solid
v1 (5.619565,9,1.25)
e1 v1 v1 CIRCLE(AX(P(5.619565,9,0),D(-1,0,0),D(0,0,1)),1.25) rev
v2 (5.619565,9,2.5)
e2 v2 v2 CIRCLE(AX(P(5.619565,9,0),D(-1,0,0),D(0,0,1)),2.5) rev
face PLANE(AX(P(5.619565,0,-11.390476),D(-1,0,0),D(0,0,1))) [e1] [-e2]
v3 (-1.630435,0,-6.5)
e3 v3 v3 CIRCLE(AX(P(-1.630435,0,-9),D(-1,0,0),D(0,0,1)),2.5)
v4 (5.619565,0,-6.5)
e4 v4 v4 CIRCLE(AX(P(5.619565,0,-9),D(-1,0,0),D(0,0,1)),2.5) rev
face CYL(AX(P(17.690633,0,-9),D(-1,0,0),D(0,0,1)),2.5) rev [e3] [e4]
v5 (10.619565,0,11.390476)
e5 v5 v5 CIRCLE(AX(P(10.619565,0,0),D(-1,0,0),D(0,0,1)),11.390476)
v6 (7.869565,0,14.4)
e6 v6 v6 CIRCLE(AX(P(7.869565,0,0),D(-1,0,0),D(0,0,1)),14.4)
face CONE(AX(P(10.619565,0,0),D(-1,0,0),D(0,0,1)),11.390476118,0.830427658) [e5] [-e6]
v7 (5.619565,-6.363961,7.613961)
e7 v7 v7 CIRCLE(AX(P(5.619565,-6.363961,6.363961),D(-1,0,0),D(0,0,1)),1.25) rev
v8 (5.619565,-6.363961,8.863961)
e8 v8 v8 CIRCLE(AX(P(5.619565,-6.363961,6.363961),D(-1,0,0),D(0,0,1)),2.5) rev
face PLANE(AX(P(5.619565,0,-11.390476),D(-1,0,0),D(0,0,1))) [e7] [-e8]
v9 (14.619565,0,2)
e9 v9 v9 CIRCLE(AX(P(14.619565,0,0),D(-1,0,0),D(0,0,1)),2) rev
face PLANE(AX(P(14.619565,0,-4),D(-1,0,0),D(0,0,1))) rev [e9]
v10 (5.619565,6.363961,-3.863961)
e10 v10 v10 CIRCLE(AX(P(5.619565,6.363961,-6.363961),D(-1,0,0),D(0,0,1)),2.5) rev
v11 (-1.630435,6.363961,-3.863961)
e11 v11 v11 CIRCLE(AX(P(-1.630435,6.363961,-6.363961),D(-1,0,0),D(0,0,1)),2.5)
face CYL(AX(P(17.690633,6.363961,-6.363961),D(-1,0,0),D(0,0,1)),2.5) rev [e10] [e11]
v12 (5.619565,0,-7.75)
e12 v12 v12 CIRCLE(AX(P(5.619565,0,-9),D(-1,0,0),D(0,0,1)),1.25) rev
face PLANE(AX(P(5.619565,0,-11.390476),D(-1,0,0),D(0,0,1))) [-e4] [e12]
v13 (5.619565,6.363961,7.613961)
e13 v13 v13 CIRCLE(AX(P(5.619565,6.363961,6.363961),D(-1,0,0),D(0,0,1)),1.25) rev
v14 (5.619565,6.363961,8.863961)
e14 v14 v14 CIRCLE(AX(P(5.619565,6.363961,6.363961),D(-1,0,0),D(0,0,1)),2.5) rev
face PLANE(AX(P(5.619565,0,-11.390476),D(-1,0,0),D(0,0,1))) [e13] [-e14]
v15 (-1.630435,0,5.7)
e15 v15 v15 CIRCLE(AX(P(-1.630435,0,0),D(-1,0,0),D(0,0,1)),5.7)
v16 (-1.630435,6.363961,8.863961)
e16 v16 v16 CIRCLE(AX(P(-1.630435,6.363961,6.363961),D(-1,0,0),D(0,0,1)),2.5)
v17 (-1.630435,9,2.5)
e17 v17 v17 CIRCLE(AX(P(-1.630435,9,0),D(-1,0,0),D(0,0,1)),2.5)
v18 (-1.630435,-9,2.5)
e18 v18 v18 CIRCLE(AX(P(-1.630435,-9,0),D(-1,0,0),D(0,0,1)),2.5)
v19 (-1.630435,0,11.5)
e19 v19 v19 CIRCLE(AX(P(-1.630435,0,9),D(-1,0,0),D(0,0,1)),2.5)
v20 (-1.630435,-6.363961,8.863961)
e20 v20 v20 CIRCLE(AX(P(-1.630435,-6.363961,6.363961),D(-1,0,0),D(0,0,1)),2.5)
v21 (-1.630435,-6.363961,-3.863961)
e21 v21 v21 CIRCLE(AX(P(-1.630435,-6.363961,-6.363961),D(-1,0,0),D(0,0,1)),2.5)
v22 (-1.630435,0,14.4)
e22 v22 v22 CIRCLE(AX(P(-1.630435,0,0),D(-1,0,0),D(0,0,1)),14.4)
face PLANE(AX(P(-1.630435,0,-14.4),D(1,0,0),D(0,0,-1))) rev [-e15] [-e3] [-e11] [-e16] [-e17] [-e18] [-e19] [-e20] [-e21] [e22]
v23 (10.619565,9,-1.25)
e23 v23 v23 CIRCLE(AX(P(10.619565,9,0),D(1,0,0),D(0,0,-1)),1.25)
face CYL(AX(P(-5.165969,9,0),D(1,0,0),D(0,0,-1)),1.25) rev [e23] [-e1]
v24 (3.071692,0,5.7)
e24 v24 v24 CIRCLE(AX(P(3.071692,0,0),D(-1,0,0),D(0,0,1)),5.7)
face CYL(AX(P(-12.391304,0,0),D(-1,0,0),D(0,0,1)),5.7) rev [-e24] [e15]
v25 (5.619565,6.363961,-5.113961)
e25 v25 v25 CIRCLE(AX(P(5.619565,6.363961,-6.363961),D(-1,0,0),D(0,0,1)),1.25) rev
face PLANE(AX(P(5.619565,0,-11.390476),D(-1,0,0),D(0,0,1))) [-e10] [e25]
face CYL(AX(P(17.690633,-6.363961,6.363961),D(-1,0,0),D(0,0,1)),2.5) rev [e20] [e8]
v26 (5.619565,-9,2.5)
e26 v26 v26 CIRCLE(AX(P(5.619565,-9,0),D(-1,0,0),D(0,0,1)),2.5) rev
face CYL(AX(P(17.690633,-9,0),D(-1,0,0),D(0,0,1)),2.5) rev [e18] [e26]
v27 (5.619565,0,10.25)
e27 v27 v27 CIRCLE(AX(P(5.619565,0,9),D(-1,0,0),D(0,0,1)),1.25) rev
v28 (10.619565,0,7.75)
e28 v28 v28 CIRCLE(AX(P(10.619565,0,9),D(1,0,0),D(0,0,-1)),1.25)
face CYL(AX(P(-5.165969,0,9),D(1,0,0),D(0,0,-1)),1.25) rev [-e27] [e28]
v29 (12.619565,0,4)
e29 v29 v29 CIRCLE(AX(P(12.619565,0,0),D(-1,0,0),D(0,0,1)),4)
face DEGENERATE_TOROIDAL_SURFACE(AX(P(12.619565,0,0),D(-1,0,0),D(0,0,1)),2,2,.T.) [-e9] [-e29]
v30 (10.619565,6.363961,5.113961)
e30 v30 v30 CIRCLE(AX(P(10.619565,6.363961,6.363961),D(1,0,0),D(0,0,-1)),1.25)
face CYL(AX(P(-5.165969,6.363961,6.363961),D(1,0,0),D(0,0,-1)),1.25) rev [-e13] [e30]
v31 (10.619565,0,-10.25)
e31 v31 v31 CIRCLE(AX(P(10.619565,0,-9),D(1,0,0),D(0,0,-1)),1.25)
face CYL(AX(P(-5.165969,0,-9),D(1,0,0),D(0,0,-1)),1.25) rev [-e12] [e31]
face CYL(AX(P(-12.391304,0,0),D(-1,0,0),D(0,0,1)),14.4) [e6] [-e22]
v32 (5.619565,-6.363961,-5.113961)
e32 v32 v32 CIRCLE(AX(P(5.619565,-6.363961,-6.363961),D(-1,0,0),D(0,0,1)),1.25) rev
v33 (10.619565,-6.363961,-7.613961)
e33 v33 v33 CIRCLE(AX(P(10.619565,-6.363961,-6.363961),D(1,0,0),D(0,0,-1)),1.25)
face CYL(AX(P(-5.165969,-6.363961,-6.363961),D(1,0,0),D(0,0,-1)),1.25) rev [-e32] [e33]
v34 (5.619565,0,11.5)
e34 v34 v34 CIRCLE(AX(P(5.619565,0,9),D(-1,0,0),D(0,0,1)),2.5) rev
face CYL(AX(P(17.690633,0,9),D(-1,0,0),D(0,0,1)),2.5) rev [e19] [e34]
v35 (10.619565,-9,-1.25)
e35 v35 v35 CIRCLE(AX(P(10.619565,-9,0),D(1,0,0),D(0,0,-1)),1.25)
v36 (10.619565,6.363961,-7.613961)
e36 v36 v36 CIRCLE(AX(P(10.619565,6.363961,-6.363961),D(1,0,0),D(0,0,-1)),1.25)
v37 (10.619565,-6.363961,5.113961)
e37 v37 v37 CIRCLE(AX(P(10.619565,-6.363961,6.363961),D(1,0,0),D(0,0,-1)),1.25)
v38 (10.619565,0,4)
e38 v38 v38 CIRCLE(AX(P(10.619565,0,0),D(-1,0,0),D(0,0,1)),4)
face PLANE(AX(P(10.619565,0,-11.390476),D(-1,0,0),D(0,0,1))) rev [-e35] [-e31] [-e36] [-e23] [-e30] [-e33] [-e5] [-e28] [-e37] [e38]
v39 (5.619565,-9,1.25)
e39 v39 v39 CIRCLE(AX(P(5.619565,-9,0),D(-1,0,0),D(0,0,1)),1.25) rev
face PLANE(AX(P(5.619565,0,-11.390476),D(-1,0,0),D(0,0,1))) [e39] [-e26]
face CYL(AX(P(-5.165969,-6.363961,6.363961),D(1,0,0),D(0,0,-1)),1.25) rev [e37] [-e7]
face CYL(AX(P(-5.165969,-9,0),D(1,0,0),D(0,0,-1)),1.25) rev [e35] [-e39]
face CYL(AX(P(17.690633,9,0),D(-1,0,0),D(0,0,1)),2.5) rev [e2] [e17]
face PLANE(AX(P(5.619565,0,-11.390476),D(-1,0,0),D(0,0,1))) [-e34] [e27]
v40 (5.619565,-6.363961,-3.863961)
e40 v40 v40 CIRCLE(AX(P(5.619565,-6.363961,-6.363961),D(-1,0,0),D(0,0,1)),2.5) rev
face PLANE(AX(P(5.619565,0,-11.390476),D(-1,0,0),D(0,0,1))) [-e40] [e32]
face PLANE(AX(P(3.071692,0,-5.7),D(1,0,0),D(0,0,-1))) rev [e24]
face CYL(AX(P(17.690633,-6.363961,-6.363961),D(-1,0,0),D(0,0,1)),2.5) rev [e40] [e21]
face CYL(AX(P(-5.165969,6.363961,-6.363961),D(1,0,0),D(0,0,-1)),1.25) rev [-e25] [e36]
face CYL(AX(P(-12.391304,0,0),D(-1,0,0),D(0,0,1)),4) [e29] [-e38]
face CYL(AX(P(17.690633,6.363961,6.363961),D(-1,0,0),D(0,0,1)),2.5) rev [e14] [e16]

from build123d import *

# Parameters (mm, degrees)
FILLET1_R          = 2
SKETCH2_R          = 1.25
CUT_EXTRUDE1_DEPTH = 12.25
SKETCH3_R          = 2.5
CUT_EXTRUDE2_DEPTH = 7.25


with BuildPart() as part:
    # Sketch1 → Revolve1 (revolve)
    with BuildSketch(Plane(origin=(0, 0, 0), x_dir=(1, 0, 0), z_dir=(0, 1, 0))):
        Polygon((-1.630434783, 14.4), (7.869565217, 14.4), (10.619565217, 11.390476118), (10.619565217, 4), (14.619565217, 4), (14.619565217, 0), (13.372742768, 0), (3.071692396, 0), (3.071692396, 5.7), (-1.630434783, 5.7), align=None)
    revolve(axis=Axis((-12.391304348, 0, 0), (1, 0, 0)))

    # Fillet1
    fillet1_edges = [part.edges().sort_by_distance(p)[0] for p in [
        (14.619565217, 0, 4),
    ]]
    fillet(fillet1_edges, radius=FILLET1_R)

    # Sketch2 → Cut-Extrude1 (cut)
    with BuildSketch(Plane(origin=(10.619565217, 0, 0), x_dir=(0, 0, -1), z_dir=(1, 0, 0))):
        with Locations((0, 9)):
            Circle(SKETCH2_R)
        with Locations((6.363961031, 6.363961031)):
            Circle(SKETCH2_R)
        with Locations((9, 0)):
            Circle(SKETCH2_R)
        with Locations((6.363961031, -6.363961031)):
            Circle(SKETCH2_R)
        with Locations((0, -9)):
            Circle(SKETCH2_R)
        with Locations((-6.363961031, -6.363961031)):
            Circle(SKETCH2_R)
        with Locations((-9, 0)):
            Circle(SKETCH2_R)
        with Locations((-6.363961031, 6.363961031)):
            Circle(SKETCH2_R)
    extrude(amount=-CUT_EXTRUDE1_DEPTH, mode=Mode.SUBTRACT)

    # Sketch3 → Cut-Extrude2 (cut)
    with BuildSketch(Plane.ZY.offset(1.630434783)):
        with Locations((0, 9)):
            Circle(SKETCH3_R)
        with Locations((6.363961031, 6.363961031)):
            Circle(SKETCH3_R)
        with Locations((9, 0)):
            Circle(SKETCH3_R)
        with Locations((6.363961031, -6.363961031)):
            Circle(SKETCH3_R)
        with Locations((0, -9)):
            Circle(SKETCH3_R)
        with Locations((-6.363961031, -6.363961031)):
            Circle(SKETCH3_R)
        with Locations((-9, 0)):
            Circle(SKETCH3_R)
        with Locations((-6.363961031, 6.363961031)):
            Circle(SKETCH3_R)
    extrude(amount=-CUT_EXTRUDE2_DEPTH, mode=Mode.SUBTRACT)


solid = part.part
